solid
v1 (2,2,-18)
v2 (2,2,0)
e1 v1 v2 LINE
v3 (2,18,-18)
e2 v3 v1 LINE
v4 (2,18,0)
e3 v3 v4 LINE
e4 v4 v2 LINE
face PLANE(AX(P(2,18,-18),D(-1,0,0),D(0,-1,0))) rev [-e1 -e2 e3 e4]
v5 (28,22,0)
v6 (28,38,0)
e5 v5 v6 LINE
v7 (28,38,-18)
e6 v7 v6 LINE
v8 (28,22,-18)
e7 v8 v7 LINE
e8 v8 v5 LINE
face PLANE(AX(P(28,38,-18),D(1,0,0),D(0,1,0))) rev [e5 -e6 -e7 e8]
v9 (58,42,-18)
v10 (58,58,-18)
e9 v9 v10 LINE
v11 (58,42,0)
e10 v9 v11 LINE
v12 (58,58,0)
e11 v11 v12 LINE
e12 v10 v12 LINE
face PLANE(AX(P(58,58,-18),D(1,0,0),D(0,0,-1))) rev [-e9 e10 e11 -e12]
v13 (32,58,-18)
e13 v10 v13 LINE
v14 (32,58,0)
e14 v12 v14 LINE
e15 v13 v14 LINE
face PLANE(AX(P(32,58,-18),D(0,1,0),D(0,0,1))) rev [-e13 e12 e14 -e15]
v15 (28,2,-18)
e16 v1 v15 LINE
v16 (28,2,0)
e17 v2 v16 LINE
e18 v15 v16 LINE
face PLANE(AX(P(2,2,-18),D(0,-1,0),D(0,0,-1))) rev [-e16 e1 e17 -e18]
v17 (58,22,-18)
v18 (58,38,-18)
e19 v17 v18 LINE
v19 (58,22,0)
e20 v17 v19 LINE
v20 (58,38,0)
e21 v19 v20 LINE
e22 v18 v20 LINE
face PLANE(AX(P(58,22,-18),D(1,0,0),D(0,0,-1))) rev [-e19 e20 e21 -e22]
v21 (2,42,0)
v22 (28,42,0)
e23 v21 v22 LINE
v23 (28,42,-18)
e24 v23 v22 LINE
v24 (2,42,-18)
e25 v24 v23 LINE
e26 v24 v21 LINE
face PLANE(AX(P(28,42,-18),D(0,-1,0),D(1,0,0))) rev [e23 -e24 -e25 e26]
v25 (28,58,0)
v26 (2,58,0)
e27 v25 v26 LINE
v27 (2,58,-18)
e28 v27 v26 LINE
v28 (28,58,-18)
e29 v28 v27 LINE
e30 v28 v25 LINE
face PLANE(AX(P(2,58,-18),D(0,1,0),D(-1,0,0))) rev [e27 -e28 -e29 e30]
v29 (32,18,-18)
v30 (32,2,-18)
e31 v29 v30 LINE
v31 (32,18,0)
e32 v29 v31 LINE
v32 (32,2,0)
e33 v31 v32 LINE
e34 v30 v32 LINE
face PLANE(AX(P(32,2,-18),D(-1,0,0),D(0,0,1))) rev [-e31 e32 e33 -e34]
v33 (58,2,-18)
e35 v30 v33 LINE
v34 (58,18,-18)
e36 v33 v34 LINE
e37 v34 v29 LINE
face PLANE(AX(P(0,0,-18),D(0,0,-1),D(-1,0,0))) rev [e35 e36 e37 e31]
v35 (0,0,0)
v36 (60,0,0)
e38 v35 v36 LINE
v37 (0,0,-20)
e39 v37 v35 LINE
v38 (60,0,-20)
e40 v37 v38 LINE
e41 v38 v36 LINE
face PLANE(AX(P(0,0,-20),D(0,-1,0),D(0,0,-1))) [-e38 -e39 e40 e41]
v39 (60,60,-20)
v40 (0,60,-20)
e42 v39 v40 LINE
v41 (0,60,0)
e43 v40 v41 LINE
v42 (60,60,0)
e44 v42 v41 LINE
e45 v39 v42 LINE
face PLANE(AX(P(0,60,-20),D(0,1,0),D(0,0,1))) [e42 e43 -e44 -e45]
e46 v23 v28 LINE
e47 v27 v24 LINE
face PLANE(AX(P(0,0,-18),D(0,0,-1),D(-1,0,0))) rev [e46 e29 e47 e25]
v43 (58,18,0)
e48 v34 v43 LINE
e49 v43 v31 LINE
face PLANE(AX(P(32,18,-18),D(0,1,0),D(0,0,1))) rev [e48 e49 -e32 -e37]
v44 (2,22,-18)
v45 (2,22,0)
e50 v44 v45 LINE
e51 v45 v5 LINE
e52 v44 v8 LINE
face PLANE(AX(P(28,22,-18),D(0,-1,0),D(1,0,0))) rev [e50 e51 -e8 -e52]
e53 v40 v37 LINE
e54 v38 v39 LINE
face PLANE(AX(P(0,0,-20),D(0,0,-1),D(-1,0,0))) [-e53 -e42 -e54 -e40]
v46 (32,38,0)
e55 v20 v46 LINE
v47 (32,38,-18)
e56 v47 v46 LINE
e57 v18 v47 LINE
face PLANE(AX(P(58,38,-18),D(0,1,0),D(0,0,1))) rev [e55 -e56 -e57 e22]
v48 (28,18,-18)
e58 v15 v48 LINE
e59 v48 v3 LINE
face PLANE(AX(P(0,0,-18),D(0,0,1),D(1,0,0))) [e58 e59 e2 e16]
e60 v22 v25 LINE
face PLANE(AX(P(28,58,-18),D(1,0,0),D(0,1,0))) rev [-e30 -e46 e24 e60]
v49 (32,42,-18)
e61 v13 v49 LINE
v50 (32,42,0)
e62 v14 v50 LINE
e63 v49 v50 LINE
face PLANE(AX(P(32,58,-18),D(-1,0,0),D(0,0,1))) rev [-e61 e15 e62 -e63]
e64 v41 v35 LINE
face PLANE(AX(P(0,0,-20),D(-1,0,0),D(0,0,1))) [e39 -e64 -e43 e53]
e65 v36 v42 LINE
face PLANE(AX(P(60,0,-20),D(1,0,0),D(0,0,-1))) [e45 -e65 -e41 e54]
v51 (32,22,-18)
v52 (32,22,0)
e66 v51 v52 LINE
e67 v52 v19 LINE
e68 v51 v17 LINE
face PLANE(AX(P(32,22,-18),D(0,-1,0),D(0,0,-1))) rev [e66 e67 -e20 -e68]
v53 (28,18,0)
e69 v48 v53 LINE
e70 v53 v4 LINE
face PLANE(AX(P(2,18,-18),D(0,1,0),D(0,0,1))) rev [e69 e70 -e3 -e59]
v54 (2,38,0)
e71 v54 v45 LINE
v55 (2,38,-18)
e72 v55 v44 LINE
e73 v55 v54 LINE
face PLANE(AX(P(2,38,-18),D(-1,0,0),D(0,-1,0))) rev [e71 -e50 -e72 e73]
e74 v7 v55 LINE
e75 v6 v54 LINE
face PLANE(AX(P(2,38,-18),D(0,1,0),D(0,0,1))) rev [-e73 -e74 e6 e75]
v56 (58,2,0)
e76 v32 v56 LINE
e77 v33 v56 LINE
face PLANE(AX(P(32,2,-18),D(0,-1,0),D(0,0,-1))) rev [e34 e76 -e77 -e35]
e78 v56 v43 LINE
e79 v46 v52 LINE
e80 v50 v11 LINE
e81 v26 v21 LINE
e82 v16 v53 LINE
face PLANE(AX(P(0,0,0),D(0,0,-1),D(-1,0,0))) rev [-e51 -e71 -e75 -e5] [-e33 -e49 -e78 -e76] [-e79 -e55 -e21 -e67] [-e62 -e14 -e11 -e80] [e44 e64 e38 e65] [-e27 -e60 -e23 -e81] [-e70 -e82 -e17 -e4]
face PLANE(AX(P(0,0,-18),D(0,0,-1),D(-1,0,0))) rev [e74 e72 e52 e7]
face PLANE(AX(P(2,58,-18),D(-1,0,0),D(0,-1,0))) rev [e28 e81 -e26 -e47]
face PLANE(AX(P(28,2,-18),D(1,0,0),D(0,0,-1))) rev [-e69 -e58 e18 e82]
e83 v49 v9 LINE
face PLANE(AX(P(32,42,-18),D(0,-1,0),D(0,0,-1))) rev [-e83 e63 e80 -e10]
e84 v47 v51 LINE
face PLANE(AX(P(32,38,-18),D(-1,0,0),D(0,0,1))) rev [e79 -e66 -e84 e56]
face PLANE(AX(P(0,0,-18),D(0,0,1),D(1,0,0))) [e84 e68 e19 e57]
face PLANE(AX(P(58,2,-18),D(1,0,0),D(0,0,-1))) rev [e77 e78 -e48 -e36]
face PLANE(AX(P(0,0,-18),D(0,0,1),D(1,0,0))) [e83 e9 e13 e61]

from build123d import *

# Parameters (mm, degrees)
SKETCH_1_W          = 60
SKETCH_1_H          = 60
EXTRUDE_1_DEPTH     = 20
SKETCH_2_W          = 26
SKETCH_2_H          = 16
CUT_EXTRUDE_1_DEPTH = 18


with BuildPart() as part:
    # 草图1 → 凸台-拉伸1 (new body)
    with BuildSketch(Plane.XY):
        with Locations((30, 30)):
            Rectangle(SKETCH_1_W, SKETCH_1_H)
    extrude(amount=-EXTRUDE_1_DEPTH)

    # 草图2 → 切除-拉伸1 (cut)
    with BuildSketch(Plane.XY):
        with Locations((15, 50)):
            Rectangle(SKETCH_2_W, SKETCH_2_H)
        with Locations((45, 50)):
            Rectangle(SKETCH_2_W, SKETCH_2_H)
        with Locations((15, 30)):
            Rectangle(SKETCH_2_W, SKETCH_2_H)
        with Locations((45, 30)):
            Rectangle(SKETCH_2_W, SKETCH_2_H)
        with Locations((15, 10)):
            Rectangle(SKETCH_2_W, SKETCH_2_H)
        with Locations((45, 10)):
            Rectangle(SKETCH_2_W, SKETCH_2_H)
    extrude(amount=-CUT_EXTRUDE_1_DEPTH, mode=Mode.SUBTRACT)


solid = part.part
